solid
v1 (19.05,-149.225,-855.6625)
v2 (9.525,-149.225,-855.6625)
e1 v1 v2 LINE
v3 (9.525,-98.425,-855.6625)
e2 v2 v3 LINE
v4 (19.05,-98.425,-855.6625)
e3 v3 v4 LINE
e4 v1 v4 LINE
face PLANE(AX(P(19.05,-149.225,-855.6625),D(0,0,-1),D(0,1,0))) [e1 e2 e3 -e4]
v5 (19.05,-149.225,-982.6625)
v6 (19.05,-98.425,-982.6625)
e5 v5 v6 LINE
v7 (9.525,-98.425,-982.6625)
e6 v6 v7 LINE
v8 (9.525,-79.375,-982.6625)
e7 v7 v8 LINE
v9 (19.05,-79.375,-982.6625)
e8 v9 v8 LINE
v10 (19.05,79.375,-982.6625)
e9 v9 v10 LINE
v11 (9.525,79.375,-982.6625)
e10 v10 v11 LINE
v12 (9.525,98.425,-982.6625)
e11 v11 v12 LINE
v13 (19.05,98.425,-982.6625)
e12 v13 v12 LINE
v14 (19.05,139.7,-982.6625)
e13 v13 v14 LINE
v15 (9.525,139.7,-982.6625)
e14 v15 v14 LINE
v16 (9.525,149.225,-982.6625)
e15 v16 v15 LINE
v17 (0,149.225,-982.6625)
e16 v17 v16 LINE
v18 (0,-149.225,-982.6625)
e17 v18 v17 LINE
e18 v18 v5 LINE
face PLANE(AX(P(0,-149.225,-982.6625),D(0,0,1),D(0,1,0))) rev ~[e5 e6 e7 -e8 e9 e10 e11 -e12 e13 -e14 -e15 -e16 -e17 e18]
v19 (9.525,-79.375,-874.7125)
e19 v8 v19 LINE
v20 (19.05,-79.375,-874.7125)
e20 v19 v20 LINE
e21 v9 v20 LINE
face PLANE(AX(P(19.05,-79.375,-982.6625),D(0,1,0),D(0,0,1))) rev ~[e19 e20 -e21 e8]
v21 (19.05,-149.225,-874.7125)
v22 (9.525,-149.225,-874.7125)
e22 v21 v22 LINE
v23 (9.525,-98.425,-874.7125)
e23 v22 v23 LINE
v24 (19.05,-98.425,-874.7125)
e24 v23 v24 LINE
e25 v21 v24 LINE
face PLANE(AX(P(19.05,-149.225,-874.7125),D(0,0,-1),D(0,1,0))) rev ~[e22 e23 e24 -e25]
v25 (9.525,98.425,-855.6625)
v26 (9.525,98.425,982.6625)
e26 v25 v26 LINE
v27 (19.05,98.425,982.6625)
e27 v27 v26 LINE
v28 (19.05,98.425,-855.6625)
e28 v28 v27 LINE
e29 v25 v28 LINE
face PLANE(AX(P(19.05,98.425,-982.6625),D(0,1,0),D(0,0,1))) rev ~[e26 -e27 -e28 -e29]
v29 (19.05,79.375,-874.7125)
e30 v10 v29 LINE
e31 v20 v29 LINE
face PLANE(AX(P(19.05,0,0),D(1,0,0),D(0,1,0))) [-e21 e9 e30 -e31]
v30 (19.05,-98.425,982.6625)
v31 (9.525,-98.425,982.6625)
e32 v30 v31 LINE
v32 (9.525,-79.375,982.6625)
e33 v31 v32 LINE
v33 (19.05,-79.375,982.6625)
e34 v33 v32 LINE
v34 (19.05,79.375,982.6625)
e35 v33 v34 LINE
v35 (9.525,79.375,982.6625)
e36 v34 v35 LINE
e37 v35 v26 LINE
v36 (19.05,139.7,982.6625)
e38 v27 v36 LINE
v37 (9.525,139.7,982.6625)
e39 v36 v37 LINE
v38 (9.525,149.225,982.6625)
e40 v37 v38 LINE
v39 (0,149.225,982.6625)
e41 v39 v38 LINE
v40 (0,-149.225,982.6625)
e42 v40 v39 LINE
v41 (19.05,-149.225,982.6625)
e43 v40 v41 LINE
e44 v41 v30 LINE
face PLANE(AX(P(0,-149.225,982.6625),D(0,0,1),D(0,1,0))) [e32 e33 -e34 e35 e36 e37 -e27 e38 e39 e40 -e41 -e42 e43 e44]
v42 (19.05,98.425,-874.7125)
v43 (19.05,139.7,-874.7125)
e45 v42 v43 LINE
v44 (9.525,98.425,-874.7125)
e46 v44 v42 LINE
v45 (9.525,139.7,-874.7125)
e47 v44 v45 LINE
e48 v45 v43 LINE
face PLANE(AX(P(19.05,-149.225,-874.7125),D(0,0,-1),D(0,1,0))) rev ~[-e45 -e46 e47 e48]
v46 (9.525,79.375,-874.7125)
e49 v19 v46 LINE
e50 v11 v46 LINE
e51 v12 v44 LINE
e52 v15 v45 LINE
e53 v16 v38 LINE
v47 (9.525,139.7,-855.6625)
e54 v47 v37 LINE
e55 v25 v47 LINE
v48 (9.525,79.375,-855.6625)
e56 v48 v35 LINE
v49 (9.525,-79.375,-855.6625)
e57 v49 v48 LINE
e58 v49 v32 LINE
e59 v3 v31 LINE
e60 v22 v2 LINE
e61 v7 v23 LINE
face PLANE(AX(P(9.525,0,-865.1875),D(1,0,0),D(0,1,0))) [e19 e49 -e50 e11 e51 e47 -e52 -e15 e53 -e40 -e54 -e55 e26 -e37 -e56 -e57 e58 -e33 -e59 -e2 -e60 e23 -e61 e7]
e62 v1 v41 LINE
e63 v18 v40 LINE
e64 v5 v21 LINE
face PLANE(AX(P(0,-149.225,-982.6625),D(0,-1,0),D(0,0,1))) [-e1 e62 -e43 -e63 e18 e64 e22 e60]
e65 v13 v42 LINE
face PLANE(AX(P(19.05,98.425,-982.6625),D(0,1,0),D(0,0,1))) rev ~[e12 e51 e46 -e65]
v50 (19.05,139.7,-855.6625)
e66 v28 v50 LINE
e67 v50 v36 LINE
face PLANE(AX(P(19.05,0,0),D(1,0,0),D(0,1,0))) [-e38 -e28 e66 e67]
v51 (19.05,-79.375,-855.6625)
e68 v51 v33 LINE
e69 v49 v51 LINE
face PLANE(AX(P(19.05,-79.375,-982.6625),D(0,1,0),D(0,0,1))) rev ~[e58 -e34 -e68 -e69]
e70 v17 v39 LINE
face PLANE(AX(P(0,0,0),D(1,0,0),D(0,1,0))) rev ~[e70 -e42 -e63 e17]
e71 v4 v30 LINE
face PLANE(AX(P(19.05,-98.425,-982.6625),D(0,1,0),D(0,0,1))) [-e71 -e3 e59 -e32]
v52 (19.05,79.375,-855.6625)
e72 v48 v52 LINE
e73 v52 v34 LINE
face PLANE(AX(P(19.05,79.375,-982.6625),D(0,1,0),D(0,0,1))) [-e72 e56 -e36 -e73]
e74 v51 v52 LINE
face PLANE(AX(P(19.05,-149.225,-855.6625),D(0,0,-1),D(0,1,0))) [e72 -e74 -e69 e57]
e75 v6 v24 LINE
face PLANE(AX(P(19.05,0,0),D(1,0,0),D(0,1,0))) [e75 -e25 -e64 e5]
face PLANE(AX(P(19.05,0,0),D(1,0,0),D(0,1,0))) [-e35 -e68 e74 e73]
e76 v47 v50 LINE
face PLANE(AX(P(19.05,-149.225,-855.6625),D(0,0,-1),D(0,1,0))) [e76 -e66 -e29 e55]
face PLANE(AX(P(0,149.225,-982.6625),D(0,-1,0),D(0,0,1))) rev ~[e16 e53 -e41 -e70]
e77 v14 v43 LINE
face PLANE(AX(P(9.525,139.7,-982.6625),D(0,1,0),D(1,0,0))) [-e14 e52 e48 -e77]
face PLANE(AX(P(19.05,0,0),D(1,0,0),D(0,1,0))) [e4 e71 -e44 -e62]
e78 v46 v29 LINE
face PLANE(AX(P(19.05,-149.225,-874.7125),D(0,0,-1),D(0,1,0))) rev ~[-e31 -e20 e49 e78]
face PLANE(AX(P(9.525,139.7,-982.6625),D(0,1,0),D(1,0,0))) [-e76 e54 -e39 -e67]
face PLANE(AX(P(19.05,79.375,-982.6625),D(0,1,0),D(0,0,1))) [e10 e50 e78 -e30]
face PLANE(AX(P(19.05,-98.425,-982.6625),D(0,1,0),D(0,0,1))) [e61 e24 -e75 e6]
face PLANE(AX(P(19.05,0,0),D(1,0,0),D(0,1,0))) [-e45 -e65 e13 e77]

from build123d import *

# Parameters (mm, degrees)
F0_W     = 298.45
F0_H     = 1965.325
F1_DEPTH = 19.05
F2_W     = 298.45
F2_H     = 19.05
F3_DEPTH = 9.525
F4_W     = 19.05
F4_H     = 1965.325
F5_DEPTH = 9.525
F6_W     = 9.525
F6_H     = 9.525
F7_DEPTH = 1965.326


with BuildPart() as f1:
    # F0 (on Right) → F1 (new body)
    with BuildSketch(Plane.YZ):
        Rectangle(F0_W, F0_H)
    extrude(amount=F1_DEPTH)

    # F2 (on face) → F3 (cut)
    with BuildSketch(Plane.YZ.offset(19.05)):
        with Locations((0, -865.1875)):
            Rectangle(F2_W, F2_H)
    extrude(amount=-F3_DEPTH, mode=Mode.SUBTRACT)

    # F4 (on face) → F5 (cut)
    with BuildSketch(Plane.YZ.offset(19.05)):
        with Locations((-88.9, 0)):
            Rectangle(F4_W, F4_H)
        with Locations((88.9, 0)):
            Rectangle(F4_W, F4_H)
    extrude(amount=-F5_DEPTH, mode=Mode.SUBTRACT)

    # F6 (on face) → F7 (cut, through all)
    with BuildSketch(Plane(origin=(0, 0, -982.6625), x_dir=(1, 0, 0), z_dir=(0, 0, -1))):
        with Locations((14.2875, -144.4625)):
            Rectangle(F6_W, F6_H)
    extrude(amount=-F7_DEPTH, mode=Mode.SUBTRACT)


solid = f1.part
